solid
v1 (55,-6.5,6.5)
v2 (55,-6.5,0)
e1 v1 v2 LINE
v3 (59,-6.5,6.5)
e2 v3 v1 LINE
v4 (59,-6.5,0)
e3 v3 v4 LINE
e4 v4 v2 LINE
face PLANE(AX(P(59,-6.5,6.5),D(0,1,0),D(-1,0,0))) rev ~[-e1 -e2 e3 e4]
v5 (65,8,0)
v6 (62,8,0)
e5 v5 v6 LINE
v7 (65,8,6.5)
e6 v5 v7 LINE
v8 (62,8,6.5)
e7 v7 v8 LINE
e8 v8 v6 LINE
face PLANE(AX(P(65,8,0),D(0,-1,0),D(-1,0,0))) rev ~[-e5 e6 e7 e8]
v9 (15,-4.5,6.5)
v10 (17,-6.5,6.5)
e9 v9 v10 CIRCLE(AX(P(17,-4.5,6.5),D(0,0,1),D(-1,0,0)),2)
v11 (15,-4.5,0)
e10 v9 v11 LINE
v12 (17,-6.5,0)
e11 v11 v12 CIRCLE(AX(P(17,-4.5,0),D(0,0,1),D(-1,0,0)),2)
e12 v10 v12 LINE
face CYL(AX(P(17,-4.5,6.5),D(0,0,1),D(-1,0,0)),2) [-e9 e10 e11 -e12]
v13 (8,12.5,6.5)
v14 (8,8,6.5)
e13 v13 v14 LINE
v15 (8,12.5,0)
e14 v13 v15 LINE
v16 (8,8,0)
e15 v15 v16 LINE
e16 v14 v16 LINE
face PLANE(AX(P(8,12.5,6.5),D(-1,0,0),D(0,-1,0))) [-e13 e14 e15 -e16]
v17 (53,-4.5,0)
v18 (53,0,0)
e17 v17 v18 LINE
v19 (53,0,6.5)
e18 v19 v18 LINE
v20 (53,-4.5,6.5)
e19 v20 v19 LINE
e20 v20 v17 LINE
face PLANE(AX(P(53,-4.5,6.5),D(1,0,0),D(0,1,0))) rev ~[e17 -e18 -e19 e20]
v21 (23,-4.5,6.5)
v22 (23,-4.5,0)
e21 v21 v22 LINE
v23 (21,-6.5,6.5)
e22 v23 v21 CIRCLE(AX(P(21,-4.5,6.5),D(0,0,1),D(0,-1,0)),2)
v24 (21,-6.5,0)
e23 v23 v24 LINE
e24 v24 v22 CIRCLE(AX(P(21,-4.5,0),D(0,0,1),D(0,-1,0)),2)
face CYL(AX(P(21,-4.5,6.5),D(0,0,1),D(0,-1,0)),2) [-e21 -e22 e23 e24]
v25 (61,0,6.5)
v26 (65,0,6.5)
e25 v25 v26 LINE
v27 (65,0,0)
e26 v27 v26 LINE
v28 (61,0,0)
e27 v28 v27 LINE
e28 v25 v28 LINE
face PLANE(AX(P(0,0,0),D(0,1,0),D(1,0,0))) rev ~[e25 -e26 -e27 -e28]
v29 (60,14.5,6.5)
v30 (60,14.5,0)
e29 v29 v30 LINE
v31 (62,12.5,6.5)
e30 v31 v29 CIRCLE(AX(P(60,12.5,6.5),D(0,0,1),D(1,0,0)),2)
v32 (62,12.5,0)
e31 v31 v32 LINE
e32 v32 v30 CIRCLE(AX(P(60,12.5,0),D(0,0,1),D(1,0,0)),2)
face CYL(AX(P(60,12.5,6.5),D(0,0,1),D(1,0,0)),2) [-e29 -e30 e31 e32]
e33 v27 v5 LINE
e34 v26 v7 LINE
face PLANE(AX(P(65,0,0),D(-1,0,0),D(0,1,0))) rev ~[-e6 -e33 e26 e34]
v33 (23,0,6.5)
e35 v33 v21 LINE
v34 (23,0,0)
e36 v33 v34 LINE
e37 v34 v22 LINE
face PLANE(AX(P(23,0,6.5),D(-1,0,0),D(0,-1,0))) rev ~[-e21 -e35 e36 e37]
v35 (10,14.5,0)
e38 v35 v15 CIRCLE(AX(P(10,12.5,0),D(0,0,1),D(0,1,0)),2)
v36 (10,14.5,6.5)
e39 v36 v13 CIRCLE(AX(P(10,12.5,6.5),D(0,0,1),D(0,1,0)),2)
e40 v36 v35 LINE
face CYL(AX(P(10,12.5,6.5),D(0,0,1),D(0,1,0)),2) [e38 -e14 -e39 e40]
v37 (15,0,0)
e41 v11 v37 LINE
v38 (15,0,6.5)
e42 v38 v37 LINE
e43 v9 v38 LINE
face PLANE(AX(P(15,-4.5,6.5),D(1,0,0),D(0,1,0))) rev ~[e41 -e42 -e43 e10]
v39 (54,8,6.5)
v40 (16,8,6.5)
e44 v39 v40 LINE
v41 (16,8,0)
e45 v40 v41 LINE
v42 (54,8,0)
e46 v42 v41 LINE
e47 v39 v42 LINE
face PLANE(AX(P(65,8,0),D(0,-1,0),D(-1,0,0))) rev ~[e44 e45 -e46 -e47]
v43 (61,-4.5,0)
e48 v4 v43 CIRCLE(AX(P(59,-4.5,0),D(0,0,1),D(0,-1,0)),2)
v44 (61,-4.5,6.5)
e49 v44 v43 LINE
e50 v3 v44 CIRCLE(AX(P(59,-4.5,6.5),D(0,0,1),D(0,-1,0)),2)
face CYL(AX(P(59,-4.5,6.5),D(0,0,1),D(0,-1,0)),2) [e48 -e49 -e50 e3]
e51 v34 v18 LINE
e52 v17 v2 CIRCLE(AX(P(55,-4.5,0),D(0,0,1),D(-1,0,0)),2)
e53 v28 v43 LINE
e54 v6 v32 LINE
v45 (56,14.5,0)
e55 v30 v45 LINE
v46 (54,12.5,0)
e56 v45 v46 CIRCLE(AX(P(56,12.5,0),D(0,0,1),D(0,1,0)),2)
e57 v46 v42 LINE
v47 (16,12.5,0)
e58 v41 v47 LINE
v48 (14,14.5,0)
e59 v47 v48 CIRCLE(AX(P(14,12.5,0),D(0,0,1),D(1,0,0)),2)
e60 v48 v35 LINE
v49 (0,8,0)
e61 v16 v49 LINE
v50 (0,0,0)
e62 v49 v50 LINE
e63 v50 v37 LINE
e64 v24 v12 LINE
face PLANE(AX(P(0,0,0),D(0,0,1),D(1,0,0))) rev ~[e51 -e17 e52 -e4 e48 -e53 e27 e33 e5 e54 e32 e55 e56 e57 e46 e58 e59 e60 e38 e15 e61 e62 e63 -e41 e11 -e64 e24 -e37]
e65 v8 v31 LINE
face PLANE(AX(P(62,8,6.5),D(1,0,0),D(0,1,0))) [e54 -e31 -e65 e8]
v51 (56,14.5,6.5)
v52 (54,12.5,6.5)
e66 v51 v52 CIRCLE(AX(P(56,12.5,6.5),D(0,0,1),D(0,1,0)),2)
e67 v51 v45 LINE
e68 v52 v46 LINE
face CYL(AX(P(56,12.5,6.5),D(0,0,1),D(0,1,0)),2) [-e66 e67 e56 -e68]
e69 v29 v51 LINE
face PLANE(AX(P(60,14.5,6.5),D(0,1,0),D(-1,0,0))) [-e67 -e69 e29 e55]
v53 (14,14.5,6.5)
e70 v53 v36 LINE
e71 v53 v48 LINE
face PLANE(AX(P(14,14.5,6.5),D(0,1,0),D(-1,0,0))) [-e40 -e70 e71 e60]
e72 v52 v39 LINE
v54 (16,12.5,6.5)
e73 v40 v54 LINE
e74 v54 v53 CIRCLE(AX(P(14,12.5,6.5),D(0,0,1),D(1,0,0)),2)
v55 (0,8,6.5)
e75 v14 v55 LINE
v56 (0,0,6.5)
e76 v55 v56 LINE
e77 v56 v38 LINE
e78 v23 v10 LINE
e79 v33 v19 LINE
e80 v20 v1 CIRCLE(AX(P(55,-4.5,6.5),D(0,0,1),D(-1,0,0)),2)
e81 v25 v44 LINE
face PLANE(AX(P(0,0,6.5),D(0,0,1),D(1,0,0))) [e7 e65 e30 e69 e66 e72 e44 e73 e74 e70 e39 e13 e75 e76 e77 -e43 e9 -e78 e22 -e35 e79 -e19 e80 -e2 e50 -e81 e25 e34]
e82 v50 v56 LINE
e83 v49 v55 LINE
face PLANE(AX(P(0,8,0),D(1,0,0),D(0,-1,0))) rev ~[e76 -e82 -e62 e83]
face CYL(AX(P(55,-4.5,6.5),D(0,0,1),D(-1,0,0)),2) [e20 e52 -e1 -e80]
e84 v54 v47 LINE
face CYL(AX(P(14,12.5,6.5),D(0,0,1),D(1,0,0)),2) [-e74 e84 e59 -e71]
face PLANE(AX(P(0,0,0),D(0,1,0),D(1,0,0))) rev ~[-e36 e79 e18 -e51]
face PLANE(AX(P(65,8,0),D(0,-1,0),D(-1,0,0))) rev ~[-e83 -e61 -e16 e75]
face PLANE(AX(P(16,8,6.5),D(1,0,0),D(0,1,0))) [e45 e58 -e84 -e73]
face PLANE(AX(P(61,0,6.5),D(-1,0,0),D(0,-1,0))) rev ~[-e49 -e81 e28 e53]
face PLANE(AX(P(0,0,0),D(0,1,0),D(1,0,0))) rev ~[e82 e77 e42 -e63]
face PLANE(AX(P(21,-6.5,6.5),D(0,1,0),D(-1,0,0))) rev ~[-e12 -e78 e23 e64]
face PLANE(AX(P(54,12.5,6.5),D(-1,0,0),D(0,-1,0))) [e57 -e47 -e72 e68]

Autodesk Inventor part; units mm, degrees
ref_plane "YZ Plane" through (0, 0, 0) normal (1, 0, 0) x (0, 1, 0)
ref_plane "XZ Plane" through (0, 0, 0) normal (0, 1, 0) x (-1, 0, 0)
ref_plane "XY Plane" through (0, 0, 0) normal (0, 0, 1) x (1, 0, 0)
sketch "Sketch1" plane through (0, 0, 0) normal (0, 0, 1) x (1, 0, 0)
  line L0 (0, 0) -> (65, 0)
  line L1 (65, 0) -> (65, 8)
  line L2 (65, 8) -> (0, 8)
  line L3 (0, 8) -> (0, 0)
  dimension "d0" = 8
  dimension "d1" = 65
extrude "Extrusion1" add sketch "Sketch1" along normal blind 6.5
sketch "Sketch2" plane through (0, 0, 6.5) normal (0, 0, 1) x (1, 0, 0)
  line L0 (0, 0) -> (65, 0) projected
  line L1 (65, 8) -> (0, 8) projected
  line L2 (0, 8) -> (0, 0) projected
  line L3 (15, 0) -> (23, 0)
  line L4 (23, 0) -> (23, -4.5)
  line L5 (21, -6.5) -> (17, -6.5)
  line L6 (15, -4.5) -> (15, 0)
  line L7 (53, 0) -> (61, 0)
  line L8 (61, 0) -> (61, -4.5)
  line L9 (59, -6.5) -> (55, -6.5)
  line L10 (53, -4.5) -> (53, 0)
  line L11 (8, 8) -> (16, 8)
  line L12 (16, 8) -> (16, 12.5)
  line L13 (14, 14.5) -> (10, 14.5)
  line L14 (8, 12.5) -> (8, 8)
  line L15 (54, 8) -> (62, 8)
  line L16 (62, 8) -> (62, 12.5)
  line L17 (60, 14.5) -> (56, 14.5)
  line L18 (54, 12.5) -> (54, 8)
  arc A0 (15, -4.5) -> (17, -6.5) centre (17, -4.5) ccw
  arc A1 (21, -6.5) -> (23, -4.5) centre (21, -4.5) ccw
  arc A2 (10, 14.5) -> (8, 12.5) centre (10, 12.5) ccw
  arc A3 (16, 12.5) -> (14, 14.5) centre (14, 12.5) ccw
  arc A4 (56, 14.5) -> (54, 12.5) centre (56, 12.5) ccw
  arc A5 (62, 12.5) -> (60, 14.5) centre (60, 12.5) ccw
  arc A6 (53, -4.5) -> (55, -6.5) centre (55, -4.5) ccw
  arc A7 (59, -6.5) -> (61, -4.5) centre (59, -4.5) ccw
  dimension "d4" = 2
  dimension "d5" = 8
  dimension "d6" = 6.5
  dimension "d7" = 6.5
  dimension "d8" = 8
  dimension "d9" = 8
  dimension "d10" = 8
  dimension "d11" = 15
  dimension "d12" = 30
  dimension "d13" = 8
  dimension "d14" = 38
extrude "Extrusion2" add sketch "Sketch2" against normal blind 6.5
properties part number "x_motor_smooth_rod_spacer" material "Plywood, Finish"
